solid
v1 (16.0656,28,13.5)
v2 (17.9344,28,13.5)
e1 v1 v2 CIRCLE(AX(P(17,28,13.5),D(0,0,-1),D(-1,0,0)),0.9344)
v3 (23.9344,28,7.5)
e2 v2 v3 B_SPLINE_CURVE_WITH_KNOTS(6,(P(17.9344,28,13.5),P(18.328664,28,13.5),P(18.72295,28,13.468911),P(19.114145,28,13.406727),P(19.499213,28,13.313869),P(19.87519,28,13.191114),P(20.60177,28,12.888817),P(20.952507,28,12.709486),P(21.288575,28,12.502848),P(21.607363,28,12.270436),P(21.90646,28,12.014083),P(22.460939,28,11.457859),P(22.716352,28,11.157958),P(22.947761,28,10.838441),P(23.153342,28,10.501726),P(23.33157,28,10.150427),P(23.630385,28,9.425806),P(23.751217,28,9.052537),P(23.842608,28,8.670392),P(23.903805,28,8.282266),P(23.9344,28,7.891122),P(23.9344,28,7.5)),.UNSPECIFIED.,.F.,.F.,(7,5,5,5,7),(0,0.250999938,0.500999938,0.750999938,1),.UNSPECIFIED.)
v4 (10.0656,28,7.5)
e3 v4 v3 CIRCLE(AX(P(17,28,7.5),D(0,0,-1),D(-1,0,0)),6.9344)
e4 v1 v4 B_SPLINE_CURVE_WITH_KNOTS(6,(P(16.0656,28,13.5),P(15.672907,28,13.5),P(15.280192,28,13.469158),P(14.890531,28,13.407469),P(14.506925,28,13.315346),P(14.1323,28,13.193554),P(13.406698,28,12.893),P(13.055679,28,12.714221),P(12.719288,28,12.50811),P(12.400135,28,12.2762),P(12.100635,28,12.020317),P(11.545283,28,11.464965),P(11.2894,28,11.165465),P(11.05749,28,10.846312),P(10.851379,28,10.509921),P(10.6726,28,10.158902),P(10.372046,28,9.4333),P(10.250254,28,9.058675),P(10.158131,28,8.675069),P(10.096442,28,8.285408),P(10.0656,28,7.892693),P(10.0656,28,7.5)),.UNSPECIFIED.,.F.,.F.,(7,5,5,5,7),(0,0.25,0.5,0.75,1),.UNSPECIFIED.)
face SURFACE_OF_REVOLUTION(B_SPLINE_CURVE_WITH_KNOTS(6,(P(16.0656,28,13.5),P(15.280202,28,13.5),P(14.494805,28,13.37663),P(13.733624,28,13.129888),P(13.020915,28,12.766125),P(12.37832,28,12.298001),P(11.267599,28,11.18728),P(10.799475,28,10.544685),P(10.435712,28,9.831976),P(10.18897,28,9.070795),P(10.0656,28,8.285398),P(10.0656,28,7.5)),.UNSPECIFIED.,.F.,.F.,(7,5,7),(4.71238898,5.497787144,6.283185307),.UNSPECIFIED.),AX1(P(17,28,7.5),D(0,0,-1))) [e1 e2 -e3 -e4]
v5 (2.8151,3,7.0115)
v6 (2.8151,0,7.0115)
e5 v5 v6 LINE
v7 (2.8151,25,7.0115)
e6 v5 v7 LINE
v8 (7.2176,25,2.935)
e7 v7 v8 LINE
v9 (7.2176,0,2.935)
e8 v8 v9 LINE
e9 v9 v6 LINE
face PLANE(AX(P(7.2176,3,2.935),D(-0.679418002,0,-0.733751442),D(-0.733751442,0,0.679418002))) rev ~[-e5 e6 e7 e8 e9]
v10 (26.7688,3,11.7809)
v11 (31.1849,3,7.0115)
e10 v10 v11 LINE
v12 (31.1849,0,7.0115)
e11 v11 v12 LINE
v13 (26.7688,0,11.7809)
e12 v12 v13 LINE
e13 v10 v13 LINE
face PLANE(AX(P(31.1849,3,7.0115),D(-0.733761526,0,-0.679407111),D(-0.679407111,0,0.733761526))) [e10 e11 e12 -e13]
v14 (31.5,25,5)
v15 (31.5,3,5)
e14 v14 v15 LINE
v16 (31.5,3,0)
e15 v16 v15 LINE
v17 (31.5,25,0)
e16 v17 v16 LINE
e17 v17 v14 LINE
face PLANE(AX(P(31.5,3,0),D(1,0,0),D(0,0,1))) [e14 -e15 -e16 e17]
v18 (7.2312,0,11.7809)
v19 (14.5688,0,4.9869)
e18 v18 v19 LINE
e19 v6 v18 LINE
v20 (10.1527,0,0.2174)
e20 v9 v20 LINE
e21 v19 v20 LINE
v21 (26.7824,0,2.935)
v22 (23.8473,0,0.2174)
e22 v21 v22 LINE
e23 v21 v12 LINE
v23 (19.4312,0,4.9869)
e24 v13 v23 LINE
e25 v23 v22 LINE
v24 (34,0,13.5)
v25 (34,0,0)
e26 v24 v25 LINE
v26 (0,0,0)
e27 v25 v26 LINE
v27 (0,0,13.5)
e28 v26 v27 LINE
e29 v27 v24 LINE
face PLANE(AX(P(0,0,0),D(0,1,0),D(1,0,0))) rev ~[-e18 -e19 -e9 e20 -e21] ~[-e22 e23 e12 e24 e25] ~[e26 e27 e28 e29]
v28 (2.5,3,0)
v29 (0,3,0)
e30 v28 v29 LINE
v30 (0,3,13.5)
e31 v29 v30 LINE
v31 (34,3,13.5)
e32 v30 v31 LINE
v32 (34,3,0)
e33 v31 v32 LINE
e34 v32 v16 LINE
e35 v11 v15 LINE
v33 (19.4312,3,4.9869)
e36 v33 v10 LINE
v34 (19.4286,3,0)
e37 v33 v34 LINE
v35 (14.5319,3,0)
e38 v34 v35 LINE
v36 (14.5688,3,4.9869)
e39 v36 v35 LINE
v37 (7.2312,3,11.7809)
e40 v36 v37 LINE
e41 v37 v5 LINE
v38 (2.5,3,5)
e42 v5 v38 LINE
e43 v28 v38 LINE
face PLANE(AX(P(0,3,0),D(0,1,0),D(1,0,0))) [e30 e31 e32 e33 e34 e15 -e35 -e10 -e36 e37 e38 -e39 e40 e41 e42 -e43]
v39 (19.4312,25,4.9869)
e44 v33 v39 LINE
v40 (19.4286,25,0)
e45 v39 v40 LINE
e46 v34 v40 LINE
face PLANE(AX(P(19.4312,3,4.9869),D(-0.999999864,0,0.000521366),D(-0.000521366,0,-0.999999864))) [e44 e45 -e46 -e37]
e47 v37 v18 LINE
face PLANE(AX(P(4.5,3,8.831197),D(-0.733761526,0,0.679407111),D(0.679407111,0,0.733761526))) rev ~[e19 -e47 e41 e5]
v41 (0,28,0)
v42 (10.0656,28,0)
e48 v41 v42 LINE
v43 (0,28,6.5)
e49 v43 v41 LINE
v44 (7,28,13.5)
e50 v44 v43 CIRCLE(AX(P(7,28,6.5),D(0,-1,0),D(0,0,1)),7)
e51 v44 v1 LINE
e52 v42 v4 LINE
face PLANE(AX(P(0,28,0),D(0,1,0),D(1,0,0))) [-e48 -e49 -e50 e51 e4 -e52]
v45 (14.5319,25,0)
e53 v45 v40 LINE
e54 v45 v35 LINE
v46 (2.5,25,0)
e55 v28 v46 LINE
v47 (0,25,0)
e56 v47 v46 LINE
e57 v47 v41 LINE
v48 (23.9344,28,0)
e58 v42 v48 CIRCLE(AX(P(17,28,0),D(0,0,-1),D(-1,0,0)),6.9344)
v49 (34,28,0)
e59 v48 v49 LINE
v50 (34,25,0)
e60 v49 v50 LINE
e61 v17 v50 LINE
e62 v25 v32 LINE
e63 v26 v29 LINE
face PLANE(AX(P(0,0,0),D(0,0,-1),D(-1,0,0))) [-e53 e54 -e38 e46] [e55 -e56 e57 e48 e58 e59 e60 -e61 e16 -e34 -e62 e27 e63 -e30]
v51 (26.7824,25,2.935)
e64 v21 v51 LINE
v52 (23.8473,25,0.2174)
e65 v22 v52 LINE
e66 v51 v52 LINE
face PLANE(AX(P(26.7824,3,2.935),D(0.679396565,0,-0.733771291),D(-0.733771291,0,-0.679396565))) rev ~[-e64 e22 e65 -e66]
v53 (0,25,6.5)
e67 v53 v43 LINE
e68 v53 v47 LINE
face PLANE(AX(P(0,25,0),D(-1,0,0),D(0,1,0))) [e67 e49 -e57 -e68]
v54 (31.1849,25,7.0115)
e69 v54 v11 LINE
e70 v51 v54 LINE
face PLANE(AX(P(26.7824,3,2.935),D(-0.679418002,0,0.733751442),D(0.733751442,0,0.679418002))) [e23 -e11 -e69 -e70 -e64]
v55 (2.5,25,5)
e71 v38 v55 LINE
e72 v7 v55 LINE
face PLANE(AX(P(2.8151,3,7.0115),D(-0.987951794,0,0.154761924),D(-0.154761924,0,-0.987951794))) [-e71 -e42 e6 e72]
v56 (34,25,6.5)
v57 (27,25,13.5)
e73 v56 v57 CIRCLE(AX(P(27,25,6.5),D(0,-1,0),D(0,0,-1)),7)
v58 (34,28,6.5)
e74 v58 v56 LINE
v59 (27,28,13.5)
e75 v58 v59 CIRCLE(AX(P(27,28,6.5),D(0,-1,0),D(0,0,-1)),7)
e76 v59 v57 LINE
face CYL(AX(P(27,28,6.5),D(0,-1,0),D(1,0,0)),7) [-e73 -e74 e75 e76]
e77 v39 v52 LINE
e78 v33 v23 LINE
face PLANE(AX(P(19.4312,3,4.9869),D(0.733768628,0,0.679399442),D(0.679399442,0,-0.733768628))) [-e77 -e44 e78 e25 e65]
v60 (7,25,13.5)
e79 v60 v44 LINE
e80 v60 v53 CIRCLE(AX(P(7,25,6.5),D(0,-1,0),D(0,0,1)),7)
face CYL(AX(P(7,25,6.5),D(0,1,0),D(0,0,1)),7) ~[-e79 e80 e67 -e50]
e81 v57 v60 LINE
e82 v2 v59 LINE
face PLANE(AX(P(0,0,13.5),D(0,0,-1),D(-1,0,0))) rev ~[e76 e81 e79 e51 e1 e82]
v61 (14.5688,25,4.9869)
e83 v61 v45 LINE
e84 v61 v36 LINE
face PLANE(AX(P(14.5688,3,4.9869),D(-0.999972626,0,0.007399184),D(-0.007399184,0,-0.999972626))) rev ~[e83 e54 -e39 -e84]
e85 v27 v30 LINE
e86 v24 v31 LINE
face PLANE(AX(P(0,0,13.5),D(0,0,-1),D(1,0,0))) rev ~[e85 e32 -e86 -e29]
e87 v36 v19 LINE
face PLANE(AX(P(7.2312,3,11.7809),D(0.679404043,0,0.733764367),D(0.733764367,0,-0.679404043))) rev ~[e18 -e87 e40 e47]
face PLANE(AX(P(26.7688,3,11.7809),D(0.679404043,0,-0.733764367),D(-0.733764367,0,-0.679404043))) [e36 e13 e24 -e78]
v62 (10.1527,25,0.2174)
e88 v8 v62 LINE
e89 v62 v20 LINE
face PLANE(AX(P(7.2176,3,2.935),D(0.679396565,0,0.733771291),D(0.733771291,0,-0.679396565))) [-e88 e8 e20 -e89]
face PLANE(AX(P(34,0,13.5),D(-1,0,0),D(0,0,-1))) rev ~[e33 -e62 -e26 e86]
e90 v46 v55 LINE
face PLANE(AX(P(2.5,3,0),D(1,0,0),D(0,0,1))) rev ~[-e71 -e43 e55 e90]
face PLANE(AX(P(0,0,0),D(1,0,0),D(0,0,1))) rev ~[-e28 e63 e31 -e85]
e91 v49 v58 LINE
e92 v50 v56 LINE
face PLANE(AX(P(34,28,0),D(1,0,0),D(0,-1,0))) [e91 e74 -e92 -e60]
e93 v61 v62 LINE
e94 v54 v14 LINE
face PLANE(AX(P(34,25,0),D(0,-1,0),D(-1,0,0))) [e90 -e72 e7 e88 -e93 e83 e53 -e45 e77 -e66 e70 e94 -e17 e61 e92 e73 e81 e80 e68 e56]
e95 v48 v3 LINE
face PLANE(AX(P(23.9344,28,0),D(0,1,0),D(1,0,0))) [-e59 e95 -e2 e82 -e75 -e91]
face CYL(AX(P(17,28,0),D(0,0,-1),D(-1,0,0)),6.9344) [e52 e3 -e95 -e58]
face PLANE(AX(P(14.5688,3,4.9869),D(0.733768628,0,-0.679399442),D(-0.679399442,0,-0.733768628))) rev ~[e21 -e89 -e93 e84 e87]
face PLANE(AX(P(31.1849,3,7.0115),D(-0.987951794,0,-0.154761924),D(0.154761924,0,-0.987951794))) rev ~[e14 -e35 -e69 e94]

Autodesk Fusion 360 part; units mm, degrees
sketch "Skizze1" plane through (0, 0, 0) normal (0, 1, 0) x (1, 0, 0)
  line L0 (0, 0) -> (0, -13.5)
  line L1 (0, -13.5) -> (34, -13.5)
  line L2 (34, -13.5) -> (34, 0)
  line L3 (34, 0) -> (0, 0)
  dimension "d1" = 13.5
  dimension "d2" = 34
extrude "Extrusion1" add sketch "Skizze1" along normal blind 3
sketch "Skizze2" plane through (0, 3, 0) normal (0, 1, 0) x (-1, 0, 0)
  line L0 (-34, 0) -> (0, 0)
  line L1 (0, 0) -> (0, 13.5)
  line L2 (0, 13.5) -> (-34, 13.5)
  line L3 (-34, 13.5) -> (-34, 0)
  line L4 (-34, 0) -> (-31.5, 0)
  line L5 (-31.5, 0) -> (-31.5, 5)
  line L6 (-31.5, 5) -> (-29.5, 5)
  line L7 (-29.5, 5) -> (-29.5, 0)
  line L8 (0, 0) -> (-2.5, 0)
  line L9 (-2.5, 0) -> (-2.5, 5)
  line L10 (-2.5, 5) -> (-4.5, 5)
  line L11 (-4.5, 5) -> (-4.5, 0)
  line L12 (-4.5, 5) -> (-4.5, 13.5)
  line L13 (-29.5, 5) -> (-29.5, 13.5)
  line L14 (-4.5, 0) -> (-29.5, 0)
  line L15 (-4.5, 0) -> (-17, 13.5)
  line L16 (-29.5, 0) -> (-17, 13.5)
  line L17 (-25.3803, 4.4492) -> (-29.5, 0)
  line L18 (-31.5, 5) -> (-31.5, 13.5)
  line L19 (-17, 0) -> (-17, 13.5)
  line L20 (-29.5, 0) -> (-26.7824, 2.935)
  line L21 (-26.7824, 2.935) -> (-23.8473, 0.2174)
  line L22 (-26.7824, 2.935) -> (-31.1849, 7.0115)
  line L23 (-31.1849, 7.0115) -> (-26.7688, 11.7809)
  line L24 (-26.7688, 11.7809) -> (-19.4312, 4.9869)
  line L25 (-19.4312, 4.9869) -> (-23.8473, 0.2174)
  line L26 (-4.5, 0) -> (-7.2176, 2.935)
  line L27 (-7.2176, 2.935) -> (-10.1527, 0.2174)
  line L28 (-10.1527, 0.2174) -> (-7.2176, 2.935)
  line L29 (-7.2176, 2.935) -> (-2.8151, 7.0115)
  line L30 (-2.8151, 7.0115) -> (-7.2312, 11.7809)
  line L31 (-7.2312, 11.7809) -> (-14.5688, 4.9869)
  line L32 (-14.5688, 4.9869) -> (-10.1527, 0.2174)
  line L33 (-29.5, 0) -> (-29.5, 5)
  line L34 (-31.5, 5) -> (-29.5, 5)
  line L35 (-19.4312, 4.9869) -> (-19.4286, 0)
  line L36 (-14.5688, 4.9869) -> (-14.5319, 0)
  line L37 (-2.8151, 7.0115) -> (-2.5, 5)
  line L38 (-31.1849, 7.0115) -> (-31.5, 5)
  dimension "d5" = 2.5
  dimension "d6" = 2
  dimension "d7" = 2.5
  dimension "d8" = 5
  dimension "d9" = 2
  dimension "d10" = 4
  dimension "d11" = 4
  dimension "d12" = 6
  dimension "d13" = 6.5
  dimension "d14" = 10
  dimension "d15" = 4
  dimension "d16" = 4
  dimension "d17" = 6
  dimension "d18" = 6.5
  dimension "d19" = 10
extrude "Extrusion2" cut sketch "Skizze2" against normal blind 10 contours L13 L16 L17 L22 L23 L24 | L16 L17 L21 L24 L25 | L13 L22 L23 | L12 L15 L29 L30 L31 | L15 L27 L28 L31 L32 | L12 L29 L30
extrude "Extrusion3" add sketch "Skizze2" along normal blind 21 contours L0 L5 L6 L7 L33 L34 | L0 L14 L16 L17 L20 L21 L25 L35 | L7 L13 L16 L17 L20 L22 L33 | L6 L13 L22 L34 L38 | L0 L14 L15 L26 L27 L28 L32 L36 | L0 L9 L10 L11 | L11 L12 L15 L26 L29 | L10 L12 L29 L37
extrude "Extrusion4" add 2 faces at (5.0509, 24, 1.7391) (28.9491, 24, 1.7391) along direction (0, 1, 0) blind 1
sketch "Skizze3" plane through (0, 0, 0) normal (0, 0, -1) x (-1, 0, 0)
  line L0 (-34, 0) -> (0, 0)
  line L1 (0, 0) -> (0, 3)
  line L2 (0, 3) -> (-2.5, 3)
  line L3 (-2.5, 3) -> (-2.5, 25)
  line L4 (-2.5, 25) -> (-14.5319, 25)
  line L5 (-14.5319, 25) -> (-14.5319, 3)
  line L6 (-14.5319, 3) -> (-19.4286, 3)
  line L7 (-19.4286, 3) -> (-19.4286, 25)
  line L8 (-19.4286, 25) -> (-31.5, 25)
  line L9 (-31.5, 25) -> (-31.5, 3)
  line L10 (-31.5, 3) -> (-34, 3)
  line L11 (-34, 3) -> (-34, 0)
  line L12 (-34, 3) -> (-34, 25)
  line L13 (-34, 25) -> (0, 25)
  line L14 (0, 25) -> (0, 28)
  line L15 (0, 28) -> (-34, 28)
  line L16 (-34, 28) -> (-34, 25)
  line L17 (-17, 28) -> (-17, 21.0656)
  circle A0 centre (-17, 28) radius 6.9344
extrude "Extrusion5" add sketch "Skizze3" against normal blind 13.5 contours L8 L13 L15 L16 A0 | L4 L13 L14 L15 A0 | L8 L13 L15 L17 A0 | L15 A0 | L4 L13 L15 L17 A0
fillet "Abrundung1" radius 6 1 edges at (17, 34.9344, 13.5)
fillet "Abrundung2" radius 4 1 edges at (0, 26.5, 13.5)
fillet "Abrundung3" radius 4 1 edges at (34, 26.5, 13.5)
delete_face "Fläche löschen1" 1 faces at (33.9819, 26, 9.8802)
delete_face "Fläche löschen2" 1 faces at (0.0181, 26, 9.8802)
fillet "Abrundung4" radius 7 1 edges at (34, 26.5, 13.5)
fillet "Abrundung5" radius 7 1 edges at (0, 26.5, 13.5)
